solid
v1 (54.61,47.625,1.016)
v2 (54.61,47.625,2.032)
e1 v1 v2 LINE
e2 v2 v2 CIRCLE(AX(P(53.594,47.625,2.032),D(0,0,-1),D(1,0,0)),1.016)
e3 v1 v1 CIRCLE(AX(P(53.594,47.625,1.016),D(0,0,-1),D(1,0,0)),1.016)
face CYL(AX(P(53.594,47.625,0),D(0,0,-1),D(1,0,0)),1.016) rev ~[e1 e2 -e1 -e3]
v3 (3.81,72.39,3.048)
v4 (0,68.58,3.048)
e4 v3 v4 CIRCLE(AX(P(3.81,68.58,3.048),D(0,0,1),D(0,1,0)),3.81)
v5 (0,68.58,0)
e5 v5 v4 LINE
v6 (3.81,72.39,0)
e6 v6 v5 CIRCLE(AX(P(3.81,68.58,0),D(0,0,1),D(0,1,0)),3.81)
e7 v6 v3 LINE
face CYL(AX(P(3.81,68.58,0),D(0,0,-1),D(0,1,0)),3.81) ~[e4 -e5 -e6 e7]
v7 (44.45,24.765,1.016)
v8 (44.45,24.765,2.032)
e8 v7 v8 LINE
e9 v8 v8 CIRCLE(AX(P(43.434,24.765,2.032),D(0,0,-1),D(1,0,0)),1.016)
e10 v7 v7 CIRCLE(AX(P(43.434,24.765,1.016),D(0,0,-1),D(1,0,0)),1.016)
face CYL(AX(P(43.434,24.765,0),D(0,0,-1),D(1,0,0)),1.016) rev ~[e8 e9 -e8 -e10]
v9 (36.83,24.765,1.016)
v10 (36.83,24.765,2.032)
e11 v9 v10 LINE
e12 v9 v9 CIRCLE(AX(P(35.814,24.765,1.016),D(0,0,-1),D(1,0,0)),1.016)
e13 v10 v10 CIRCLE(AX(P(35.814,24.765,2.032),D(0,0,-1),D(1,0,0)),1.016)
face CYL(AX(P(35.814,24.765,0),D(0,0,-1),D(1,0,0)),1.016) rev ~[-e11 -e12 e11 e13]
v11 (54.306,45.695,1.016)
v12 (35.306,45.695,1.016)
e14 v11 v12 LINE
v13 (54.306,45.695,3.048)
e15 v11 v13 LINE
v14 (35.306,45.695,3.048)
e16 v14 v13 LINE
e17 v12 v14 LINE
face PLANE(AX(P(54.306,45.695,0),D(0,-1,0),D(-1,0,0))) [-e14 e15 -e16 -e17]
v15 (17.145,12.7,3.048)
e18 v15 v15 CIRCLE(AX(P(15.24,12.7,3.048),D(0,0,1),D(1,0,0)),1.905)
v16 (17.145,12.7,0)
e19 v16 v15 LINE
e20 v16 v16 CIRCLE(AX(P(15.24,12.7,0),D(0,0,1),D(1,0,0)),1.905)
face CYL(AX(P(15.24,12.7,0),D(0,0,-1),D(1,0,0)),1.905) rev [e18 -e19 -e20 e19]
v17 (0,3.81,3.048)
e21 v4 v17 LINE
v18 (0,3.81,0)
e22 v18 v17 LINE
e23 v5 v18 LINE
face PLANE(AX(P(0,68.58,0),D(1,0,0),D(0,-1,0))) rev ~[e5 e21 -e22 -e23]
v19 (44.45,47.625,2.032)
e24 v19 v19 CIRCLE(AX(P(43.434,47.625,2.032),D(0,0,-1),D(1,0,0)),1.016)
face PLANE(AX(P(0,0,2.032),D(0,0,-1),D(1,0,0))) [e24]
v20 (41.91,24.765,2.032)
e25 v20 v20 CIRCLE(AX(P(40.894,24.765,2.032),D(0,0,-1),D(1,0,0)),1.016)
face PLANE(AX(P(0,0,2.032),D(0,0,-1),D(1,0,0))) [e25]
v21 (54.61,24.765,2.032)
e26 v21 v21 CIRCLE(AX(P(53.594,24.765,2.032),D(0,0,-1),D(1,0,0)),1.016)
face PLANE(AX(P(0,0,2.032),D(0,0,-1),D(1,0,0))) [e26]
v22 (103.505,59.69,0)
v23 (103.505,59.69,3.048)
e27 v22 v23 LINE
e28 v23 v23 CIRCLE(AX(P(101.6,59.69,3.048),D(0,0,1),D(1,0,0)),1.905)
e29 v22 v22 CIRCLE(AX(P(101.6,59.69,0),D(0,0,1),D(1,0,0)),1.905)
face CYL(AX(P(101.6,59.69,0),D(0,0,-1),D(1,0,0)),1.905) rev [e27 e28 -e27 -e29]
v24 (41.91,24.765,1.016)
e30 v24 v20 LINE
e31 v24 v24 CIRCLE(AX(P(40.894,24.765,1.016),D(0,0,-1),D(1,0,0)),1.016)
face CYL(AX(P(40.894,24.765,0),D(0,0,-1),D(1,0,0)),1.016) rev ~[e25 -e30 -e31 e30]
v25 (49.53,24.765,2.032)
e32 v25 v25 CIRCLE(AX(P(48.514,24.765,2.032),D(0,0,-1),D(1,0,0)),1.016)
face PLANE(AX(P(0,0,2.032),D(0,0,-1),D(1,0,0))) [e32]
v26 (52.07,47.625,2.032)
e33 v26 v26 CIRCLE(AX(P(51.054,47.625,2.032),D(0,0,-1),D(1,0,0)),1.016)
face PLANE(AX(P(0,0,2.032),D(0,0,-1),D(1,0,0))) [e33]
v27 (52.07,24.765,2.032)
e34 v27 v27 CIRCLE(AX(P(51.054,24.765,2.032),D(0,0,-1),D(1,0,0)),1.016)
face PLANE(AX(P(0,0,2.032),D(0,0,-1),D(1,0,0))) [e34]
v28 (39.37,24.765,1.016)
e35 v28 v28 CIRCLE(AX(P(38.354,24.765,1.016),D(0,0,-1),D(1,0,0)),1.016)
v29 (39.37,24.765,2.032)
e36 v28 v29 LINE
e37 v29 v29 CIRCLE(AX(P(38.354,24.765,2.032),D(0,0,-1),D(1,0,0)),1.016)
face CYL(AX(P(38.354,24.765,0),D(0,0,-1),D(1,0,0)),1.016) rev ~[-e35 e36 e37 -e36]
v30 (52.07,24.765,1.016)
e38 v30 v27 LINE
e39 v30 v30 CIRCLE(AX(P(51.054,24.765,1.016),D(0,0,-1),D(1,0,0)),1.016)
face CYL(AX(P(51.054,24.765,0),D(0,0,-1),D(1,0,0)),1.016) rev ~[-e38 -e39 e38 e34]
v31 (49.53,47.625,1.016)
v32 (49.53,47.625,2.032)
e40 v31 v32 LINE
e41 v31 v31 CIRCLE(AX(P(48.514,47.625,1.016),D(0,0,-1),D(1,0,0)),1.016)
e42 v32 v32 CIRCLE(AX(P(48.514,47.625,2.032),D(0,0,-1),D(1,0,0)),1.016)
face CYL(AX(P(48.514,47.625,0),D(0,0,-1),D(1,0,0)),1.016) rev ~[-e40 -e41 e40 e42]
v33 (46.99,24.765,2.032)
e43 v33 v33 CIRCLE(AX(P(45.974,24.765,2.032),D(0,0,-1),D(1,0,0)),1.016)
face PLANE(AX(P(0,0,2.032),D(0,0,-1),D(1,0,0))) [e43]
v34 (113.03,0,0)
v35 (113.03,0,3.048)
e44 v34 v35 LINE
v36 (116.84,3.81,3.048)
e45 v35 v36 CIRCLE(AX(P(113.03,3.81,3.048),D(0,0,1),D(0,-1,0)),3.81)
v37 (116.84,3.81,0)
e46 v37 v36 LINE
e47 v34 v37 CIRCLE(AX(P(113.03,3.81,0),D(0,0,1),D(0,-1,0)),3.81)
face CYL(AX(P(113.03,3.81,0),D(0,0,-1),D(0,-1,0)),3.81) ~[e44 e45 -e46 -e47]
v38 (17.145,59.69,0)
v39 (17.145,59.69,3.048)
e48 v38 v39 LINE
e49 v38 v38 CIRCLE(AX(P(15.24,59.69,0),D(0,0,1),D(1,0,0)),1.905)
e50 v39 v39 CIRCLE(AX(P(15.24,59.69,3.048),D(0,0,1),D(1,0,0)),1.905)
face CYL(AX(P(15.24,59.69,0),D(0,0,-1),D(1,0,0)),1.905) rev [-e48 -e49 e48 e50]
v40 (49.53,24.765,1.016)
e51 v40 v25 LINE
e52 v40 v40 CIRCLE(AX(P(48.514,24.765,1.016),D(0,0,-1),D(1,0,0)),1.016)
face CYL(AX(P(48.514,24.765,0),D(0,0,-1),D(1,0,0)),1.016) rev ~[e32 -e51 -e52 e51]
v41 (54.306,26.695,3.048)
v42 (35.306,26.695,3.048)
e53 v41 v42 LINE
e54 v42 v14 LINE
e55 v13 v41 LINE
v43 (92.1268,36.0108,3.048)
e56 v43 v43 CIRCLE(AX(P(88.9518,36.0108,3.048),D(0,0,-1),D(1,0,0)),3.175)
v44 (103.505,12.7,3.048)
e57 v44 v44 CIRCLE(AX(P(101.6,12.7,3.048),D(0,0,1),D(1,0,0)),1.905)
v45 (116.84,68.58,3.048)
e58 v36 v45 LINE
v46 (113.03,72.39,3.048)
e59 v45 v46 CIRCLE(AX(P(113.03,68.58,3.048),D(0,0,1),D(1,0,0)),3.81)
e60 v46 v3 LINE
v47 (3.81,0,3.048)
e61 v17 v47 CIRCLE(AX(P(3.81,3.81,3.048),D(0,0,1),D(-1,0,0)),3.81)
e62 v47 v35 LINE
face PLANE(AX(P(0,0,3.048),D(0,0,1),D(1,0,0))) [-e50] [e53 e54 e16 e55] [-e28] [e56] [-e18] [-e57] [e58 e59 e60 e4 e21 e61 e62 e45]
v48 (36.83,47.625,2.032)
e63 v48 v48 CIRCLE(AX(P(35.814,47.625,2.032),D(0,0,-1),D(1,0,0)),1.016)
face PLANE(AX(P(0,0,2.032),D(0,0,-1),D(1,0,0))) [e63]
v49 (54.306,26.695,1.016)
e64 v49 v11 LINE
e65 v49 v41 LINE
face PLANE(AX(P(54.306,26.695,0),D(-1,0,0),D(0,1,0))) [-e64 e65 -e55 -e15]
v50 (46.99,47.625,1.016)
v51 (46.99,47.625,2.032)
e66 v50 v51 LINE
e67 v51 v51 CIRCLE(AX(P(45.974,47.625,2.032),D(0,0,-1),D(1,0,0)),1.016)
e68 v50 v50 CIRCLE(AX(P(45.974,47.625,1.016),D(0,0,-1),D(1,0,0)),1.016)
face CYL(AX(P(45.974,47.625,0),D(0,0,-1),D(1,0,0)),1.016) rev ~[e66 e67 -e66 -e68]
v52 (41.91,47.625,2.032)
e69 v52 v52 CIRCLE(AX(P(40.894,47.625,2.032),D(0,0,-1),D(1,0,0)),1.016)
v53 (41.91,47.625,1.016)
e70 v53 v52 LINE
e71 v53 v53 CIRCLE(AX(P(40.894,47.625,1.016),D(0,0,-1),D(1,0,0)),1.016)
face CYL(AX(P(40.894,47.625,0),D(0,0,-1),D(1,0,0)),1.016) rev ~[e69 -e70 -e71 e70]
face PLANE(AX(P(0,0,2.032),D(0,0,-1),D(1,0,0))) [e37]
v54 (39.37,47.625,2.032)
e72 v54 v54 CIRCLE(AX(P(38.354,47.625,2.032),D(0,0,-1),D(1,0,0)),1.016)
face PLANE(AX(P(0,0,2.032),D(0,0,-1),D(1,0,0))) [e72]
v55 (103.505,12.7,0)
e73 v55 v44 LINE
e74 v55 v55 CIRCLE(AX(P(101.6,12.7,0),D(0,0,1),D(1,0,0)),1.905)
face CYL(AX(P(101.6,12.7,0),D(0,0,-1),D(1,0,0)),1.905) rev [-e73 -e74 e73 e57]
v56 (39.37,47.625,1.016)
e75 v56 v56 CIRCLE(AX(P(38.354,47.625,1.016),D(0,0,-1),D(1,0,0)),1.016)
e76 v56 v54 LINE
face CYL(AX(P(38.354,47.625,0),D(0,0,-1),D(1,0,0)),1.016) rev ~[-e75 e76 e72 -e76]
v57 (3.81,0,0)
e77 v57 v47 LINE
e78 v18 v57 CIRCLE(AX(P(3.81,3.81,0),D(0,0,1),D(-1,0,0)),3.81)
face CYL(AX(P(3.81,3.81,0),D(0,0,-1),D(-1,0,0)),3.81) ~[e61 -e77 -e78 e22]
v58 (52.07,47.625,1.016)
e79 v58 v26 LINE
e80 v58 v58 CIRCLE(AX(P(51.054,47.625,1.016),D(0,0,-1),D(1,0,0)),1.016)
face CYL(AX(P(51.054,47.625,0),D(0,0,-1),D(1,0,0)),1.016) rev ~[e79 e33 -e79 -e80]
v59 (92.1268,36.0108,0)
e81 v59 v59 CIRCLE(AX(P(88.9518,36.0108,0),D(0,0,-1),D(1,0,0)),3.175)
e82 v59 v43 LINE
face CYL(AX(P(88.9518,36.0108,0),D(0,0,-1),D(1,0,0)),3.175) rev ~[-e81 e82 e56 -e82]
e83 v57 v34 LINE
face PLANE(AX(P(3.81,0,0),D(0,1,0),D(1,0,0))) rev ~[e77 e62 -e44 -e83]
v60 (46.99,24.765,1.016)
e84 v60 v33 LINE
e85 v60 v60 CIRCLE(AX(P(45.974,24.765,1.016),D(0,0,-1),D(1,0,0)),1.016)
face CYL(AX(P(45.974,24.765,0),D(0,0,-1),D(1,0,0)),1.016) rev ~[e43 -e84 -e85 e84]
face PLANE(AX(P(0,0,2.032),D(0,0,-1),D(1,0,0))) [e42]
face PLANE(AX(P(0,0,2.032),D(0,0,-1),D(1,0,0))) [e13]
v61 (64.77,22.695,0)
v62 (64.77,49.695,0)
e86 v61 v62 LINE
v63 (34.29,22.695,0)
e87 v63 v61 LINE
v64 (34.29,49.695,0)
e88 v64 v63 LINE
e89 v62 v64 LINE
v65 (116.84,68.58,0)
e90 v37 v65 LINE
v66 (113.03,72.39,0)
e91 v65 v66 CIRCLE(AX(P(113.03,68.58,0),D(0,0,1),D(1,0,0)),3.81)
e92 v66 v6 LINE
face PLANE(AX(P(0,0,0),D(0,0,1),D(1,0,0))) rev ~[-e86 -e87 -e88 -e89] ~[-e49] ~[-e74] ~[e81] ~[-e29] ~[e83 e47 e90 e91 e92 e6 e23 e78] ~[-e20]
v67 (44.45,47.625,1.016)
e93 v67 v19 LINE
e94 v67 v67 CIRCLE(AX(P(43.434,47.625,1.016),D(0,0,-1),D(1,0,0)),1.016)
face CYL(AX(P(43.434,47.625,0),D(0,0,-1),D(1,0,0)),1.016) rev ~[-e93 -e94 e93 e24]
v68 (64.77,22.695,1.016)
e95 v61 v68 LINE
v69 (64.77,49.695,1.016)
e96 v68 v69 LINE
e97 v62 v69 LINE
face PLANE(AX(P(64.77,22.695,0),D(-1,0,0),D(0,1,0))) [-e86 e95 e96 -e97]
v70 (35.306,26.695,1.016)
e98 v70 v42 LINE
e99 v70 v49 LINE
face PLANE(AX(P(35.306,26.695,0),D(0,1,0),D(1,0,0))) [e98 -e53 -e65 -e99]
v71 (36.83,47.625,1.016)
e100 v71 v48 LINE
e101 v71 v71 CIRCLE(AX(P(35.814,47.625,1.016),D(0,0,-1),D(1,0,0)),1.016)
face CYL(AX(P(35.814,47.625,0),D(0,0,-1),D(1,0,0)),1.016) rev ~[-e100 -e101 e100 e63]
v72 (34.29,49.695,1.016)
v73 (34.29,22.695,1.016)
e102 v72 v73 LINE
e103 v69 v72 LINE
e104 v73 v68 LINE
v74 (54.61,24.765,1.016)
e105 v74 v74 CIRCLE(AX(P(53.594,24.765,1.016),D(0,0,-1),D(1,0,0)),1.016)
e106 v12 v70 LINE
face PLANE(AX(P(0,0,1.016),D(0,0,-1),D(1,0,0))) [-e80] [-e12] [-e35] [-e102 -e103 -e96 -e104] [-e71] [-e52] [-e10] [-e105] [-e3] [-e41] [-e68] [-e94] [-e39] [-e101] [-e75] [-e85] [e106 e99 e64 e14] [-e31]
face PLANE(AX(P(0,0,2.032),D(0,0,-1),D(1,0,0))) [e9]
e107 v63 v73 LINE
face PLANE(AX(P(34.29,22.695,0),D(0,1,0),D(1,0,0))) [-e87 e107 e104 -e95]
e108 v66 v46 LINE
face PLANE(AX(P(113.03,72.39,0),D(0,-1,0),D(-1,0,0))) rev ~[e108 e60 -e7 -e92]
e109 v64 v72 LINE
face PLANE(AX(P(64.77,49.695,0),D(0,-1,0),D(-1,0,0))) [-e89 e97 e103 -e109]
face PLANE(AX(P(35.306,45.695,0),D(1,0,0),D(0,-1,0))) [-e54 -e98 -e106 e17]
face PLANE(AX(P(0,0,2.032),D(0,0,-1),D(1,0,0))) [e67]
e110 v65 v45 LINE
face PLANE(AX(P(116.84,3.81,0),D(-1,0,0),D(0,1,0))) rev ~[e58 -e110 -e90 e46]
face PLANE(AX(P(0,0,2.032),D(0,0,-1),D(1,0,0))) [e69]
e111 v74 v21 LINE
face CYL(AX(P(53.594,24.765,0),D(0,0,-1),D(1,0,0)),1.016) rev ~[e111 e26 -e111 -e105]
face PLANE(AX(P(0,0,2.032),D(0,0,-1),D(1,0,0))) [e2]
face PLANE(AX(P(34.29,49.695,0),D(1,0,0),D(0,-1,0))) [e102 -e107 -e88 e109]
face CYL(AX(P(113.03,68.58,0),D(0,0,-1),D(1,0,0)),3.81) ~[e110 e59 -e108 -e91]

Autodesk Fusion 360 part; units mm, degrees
sketch "Sketch1" plane through (0, 0, 0) normal (0, 0, 1) x (1, 0, 0)
  line L0 (3.81, 0) -> (113.03, 0)
  line L1 (116.84, 3.81) -> (116.84, 68.58)
  line L2 (113.03, 72.39) -> (3.81, 72.39)
  line L3 (0, 68.58) -> (0, 3.81)
  arc A0 (0, 3.81) -> (3.81, 0) centre (3.81, 3.81) ccw
  arc A1 (113.03, 0) -> (116.84, 3.81) centre (113.03, 3.81) ccw
  arc A2 (116.84, 68.58) -> (113.03, 72.39) centre (113.03, 68.58) ccw
  arc A3 (3.81, 72.39) -> (0, 68.58) centre (3.81, 68.58) ccw
  circle A4 centre (15.24, 12.7) radius 1.905
  circle A5 centre (101.6, 12.7) radius 1.905
  circle A6 centre (101.6, 59.69) radius 1.905
  circle A7 centre (15.24, 59.69) radius 1.905
  point P0 (116.84, 0)
  point P1 (0, 72.39)
  dimension "d1" = 116.84
  dimension "d2" = 72.39
  dimension "d3" = 3.81
  dimension "d4" = 3.81
  dimension "d5" = 3.81
  dimension "d6" = 3.81
  dimension "d7" = 3.81
  dimension "d8" = 15.24
  dimension "d9" = 12.7
  dimension "d10" = 3.81
  dimension "d11" = 3.81
  dimension "d12" = 3.81
extrude "Extrude1" add sketch "Sketch1" along normal blind 3.048
sketch "Sketch2" plane through (0, 0, 0) normal (0, 0, -1) x (1, 0, 0)
  circle A0 centre (15.24, -59.69) radius 1.905
  circle A1 centre (101.6, -59.69) radius 1.905
  circle A2 centre (15.24, -12.7) radius 1.905
  circle A3 centre (101.6, -12.7) radius 1.905
  arc A4 (0, -68.58) -> (3.81, -72.39) centre (3.81, -68.58) ccw
  line L0 (3.81, -72.39) -> (113.03, -72.39)
  arc A5 (113.03, -72.39) -> (116.84, -68.58) centre (113.03, -68.58) ccw
  line L1 (116.84, -68.58) -> (116.84, -3.81)
  arc A6 (116.84, -3.81) -> (113.03, 0) centre (113.03, -3.81) ccw
  line L2 (113.03, 0) -> (3.81, 0)
  arc A7 (3.81, 0) -> (0, -3.81) centre (3.81, -3.81) ccw
  line L3 (0, -3.81) -> (0, -68.58)
  line L4 (34.29, -22.695) -> (64.77, -22.695)
  line L5 (64.77, -22.695) -> (64.77, -49.695)
  line L6 (64.77, -49.695) -> (34.29, -49.695)
  line L7 (34.29, -49.695) -> (34.29, -22.695)
  circle A8 centre (88.9518, -36.0108) radius 3.175
  line L8 (0, -36.195) -> (116.84, -36.195) construction
  line L9 (35.306, -26.695) -> (54.306, -26.695)
  line L10 (54.306, -26.695) -> (54.306, -45.695)
  line L11 (54.306, -45.695) -> (35.306, -45.695)
  line L12 (35.306, -45.695) -> (35.306, -26.695)
  line L13 (35.306, -26.695) -> (54.306, -45.695) construction
  line L14 (54.306, -26.695) -> (35.306, -45.695) construction
  circle A9 centre (35.814, -24.765) radius 1.016
  circle A10 centre (38.354, -24.765) radius 1.016
  circle A11 centre (40.894, -24.765) radius 1.016
  circle A12 centre (43.434, -24.765) radius 1.016
  circle A13 centre (45.974, -24.765) radius 1.016
  circle A14 centre (48.514, -24.765) radius 1.016
  circle A15 centre (51.054, -24.765) radius 1.016
  circle A16 centre (53.594, -24.765) radius 1.016
  circle A17 centre (35.814, -47.625) radius 1.016
  circle A18 centre (38.354, -47.625) radius 1.016
  circle A19 centre (40.894, -47.625) radius 1.016
  circle A20 centre (43.434, -47.625) radius 1.016
  circle A21 centre (45.974, -47.625) radius 1.016
  circle A22 centre (48.514, -47.625) radius 1.016
  circle A23 centre (51.054, -47.625) radius 1.016
  circle A24 centre (53.594, -47.625) radius 1.016
  point P0 (44.806, -36.195)
  dimension "d15" = 30.48
  dimension "d16" = 27
  dimension "d18" = 34.29
  dimension "d19" = 6.35
  dimension "d20" = 19
  dimension "d21" = 19
  dimension "d22" = 1.016
  dimension "d23" = 2.032
  dimension "d26" = 2.54
  dimension "d27" = -22.86
  dimension "d29" = 1.524
  dimension "d37" = 11.43
extrude "Extrude2" cut sketch "Sketch2" against normal through all contours L9 L10 L11 L12
extrude "Extrude3" cut sketch "Sketch2" against normal blind 2.032 contours A9 | A10 | A11 | A12 | A13 | A14 | A15 | A16 | A17 | A18 | A19 | A20 | A21 | A22 | A23 | A24
extrude "Extrude4" cut sketch "Sketch2" against normal blind 1.016 contours L4 L5 L6 L7
extrude "Extrude5" cut sketch "Sketch2" against normal through all contours A8
